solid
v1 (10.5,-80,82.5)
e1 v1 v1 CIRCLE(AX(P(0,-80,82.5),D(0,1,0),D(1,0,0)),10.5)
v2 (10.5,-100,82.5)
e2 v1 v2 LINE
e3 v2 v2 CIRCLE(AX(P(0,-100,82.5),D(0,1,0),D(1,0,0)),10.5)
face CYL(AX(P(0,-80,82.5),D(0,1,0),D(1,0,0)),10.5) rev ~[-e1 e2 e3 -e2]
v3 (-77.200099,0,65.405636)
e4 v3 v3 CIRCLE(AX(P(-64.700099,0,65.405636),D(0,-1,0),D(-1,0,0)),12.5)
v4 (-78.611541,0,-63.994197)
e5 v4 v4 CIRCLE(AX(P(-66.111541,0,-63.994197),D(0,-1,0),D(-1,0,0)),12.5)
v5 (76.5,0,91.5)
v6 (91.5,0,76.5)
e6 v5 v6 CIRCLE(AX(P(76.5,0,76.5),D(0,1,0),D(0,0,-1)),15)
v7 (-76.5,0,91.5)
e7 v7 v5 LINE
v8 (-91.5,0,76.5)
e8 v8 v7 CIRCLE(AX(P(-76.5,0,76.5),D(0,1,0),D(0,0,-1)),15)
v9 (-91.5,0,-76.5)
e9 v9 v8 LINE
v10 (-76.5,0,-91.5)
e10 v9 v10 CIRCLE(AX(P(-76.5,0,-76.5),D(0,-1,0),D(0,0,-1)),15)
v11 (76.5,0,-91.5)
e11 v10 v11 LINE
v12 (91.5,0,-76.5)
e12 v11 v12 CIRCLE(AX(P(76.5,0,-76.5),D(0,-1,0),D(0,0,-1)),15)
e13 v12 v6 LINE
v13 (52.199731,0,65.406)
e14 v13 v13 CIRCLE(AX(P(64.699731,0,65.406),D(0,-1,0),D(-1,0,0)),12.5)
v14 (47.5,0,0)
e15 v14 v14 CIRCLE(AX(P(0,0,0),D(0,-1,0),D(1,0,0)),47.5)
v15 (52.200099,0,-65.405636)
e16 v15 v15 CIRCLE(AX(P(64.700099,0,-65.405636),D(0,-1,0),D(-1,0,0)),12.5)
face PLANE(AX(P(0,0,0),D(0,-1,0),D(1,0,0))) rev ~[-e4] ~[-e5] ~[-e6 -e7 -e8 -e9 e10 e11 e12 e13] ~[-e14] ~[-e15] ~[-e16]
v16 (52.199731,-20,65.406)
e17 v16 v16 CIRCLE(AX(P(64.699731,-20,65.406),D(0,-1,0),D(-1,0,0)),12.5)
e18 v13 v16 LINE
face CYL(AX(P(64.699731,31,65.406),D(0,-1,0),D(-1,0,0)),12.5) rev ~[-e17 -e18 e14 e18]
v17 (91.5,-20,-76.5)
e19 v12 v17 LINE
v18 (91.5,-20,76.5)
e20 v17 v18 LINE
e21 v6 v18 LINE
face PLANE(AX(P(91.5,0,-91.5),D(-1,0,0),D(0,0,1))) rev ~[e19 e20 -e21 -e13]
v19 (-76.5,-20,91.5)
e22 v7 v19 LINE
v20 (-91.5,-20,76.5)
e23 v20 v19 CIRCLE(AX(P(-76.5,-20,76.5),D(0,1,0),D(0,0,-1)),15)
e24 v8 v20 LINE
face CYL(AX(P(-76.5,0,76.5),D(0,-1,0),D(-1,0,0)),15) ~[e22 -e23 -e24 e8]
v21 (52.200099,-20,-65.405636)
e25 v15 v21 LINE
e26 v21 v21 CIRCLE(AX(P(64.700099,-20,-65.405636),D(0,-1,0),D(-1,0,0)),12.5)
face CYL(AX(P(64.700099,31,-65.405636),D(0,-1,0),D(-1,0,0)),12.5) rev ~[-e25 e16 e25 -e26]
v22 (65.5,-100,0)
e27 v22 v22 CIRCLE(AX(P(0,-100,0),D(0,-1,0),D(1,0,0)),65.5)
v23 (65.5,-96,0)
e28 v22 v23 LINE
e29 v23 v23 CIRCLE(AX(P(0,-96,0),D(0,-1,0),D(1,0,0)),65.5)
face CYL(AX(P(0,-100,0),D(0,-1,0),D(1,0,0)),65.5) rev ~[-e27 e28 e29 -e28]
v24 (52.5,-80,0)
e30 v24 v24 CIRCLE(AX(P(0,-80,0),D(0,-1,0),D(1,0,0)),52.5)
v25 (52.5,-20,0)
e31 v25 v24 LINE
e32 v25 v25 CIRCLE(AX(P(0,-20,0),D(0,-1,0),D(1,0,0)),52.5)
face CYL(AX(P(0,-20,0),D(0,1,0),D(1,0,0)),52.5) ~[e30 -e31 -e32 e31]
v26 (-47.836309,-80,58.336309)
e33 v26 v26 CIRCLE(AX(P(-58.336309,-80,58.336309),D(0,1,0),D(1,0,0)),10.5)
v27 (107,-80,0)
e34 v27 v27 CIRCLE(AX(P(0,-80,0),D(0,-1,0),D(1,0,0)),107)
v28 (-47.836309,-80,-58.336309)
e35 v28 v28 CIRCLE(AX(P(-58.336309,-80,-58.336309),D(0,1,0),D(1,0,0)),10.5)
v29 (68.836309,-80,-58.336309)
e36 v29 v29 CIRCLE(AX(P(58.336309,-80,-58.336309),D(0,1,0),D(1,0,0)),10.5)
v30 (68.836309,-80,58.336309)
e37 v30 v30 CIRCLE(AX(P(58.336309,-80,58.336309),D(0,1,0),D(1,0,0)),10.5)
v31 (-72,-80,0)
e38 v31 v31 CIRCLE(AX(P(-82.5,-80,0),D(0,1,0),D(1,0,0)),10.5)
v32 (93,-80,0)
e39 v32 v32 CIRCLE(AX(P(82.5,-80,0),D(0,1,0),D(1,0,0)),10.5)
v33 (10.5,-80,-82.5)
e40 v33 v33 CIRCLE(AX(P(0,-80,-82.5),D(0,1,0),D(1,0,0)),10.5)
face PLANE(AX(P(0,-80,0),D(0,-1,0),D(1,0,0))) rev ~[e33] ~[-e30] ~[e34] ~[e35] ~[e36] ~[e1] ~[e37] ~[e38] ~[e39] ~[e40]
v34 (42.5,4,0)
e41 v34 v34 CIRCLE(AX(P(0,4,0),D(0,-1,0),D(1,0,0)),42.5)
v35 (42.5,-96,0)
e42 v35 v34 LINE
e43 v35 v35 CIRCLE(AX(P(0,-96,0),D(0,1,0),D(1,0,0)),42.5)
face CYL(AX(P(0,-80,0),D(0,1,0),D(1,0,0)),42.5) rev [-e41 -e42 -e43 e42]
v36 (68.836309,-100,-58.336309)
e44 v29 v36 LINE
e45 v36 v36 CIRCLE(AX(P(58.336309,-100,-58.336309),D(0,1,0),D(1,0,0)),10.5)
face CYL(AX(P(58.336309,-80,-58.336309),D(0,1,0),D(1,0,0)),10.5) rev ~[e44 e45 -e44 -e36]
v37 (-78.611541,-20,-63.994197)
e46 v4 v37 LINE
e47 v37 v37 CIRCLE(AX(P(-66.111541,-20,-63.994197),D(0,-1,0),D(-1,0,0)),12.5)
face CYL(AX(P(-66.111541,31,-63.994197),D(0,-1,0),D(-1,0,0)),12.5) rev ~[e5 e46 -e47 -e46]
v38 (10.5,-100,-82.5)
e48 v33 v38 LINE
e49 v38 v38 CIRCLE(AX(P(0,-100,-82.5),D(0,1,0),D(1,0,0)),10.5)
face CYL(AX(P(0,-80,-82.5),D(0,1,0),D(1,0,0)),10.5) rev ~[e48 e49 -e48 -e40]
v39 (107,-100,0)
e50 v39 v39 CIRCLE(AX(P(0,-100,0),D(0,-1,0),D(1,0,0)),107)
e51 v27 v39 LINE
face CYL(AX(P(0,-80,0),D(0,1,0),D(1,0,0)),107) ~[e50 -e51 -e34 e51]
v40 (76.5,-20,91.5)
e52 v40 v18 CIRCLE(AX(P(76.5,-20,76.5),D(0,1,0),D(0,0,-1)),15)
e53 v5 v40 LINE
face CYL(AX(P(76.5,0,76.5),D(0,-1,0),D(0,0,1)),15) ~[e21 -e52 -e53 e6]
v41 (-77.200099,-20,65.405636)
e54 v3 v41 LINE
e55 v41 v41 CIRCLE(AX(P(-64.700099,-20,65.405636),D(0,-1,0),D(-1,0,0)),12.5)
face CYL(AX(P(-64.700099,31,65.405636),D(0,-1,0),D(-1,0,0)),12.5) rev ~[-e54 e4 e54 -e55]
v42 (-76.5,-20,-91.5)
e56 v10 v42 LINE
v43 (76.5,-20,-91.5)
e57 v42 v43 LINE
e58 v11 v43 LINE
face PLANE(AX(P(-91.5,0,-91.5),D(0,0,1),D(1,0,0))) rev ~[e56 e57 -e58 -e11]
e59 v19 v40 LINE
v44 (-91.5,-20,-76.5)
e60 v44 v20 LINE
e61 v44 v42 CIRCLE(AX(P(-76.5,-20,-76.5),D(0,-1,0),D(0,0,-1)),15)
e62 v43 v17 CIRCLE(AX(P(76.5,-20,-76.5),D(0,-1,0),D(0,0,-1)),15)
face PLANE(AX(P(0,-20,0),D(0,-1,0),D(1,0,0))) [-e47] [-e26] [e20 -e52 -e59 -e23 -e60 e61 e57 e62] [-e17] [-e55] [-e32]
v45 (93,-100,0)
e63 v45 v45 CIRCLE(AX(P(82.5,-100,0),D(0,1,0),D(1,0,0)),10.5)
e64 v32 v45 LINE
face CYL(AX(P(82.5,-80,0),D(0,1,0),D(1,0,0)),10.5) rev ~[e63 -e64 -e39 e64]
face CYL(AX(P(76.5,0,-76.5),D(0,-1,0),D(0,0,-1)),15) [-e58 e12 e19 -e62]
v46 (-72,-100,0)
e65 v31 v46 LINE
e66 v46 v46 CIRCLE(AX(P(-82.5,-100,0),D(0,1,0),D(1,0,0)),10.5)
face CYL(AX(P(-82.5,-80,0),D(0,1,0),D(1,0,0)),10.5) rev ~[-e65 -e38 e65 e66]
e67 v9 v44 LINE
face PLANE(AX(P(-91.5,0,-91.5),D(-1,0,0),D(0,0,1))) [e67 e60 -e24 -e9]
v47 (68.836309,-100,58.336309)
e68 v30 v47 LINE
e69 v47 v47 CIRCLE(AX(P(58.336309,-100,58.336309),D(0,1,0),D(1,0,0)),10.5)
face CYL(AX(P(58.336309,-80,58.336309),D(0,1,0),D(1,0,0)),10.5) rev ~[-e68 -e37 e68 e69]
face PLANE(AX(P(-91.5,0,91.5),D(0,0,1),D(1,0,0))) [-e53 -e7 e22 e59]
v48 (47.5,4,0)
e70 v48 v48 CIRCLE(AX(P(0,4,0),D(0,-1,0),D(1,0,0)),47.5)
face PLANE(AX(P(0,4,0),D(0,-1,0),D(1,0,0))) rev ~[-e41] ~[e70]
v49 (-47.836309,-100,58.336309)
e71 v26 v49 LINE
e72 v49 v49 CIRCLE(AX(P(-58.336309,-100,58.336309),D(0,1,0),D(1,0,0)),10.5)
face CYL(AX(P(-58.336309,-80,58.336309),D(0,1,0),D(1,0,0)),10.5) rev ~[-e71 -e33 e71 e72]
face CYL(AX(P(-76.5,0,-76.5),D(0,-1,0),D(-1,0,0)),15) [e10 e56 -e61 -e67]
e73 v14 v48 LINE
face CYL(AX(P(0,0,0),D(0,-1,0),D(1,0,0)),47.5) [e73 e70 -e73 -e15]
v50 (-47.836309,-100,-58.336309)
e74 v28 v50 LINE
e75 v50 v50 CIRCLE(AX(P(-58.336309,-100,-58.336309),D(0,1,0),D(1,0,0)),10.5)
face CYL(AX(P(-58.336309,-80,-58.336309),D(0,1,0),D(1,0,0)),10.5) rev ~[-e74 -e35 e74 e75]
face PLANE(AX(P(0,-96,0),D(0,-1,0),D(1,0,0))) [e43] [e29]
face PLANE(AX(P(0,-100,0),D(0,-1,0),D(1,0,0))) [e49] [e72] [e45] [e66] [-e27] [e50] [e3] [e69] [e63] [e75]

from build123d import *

# Parameters (mm, degrees)
F0_W      = 183
F0_H      = 183
F0_R      = 42.5
F1_DEPTH  = 20
F2_R      = 15
F3_D      = 25
F3_DEPTH  = 31
F3_TIP    = 7.5107577378
F4_R      = 47.5
F4_R_2    = 42.5
F5_DEPTH  = 4
F6_R      = 52.5
F6_R_2    = 42.5
F7_DEPTH  = 60
F8_R      = 107
F8_R_2    = 42.5
F9_DEPTH  = 20
F10_D     = 21
F10_DEPTH = 20
F10_TIP   = 6.3090364998
F11_R     = 65.5
F12_DEPTH = 4


with BuildPart() as f1:
    # F0 (on Front) → F1 (new body)
    with BuildSketch(Plane.XZ):
        Rectangle(F0_W, F0_H)
        Circle(F0_R, mode=Mode.SUBTRACT)
    extrude(amount=F1_DEPTH)

    # F2
    f2_edges = [f1.edges().sort_by_distance(p)[0] for p in [
        (-91.5, -10, 91.5),
        (91.5, -10, 91.5),
        (91.5, -10, -91.5),
        (-91.5, -10, -91.5),
    ]]
    fillet(f2_edges, radius=F2_R)

    # F3
    with Locations(Plane(origin=(0, 0, 0), x_dir=(1, 0, 0), z_dir=(0, 1, 0))):
        with Locations((64.7000986303, 65.4056361274), (64.6997307877, -65.406), (-64.7000986303, -65.4056361274), (-66.1115414671, 63.9941972606)):
            Hole(F3_D / 2, depth=F3_DEPTH)
            with Locations((0, 0, -(F3_DEPTH + F3_TIP / 2))):  # 118° drill point
                Cone(0, F3_D / 2, F3_TIP, mode=Mode.SUBTRACT)

    # F4 (on face) → F5 (join)
    with BuildSketch(Plane.XZ):
        Circle(F4_R)
        Circle(F4_R_2, mode=Mode.SUBTRACT)
    extrude(amount=-F5_DEPTH)

    # F6 (on face) → F7 (join)
    with BuildSketch(Plane.XZ.offset(20)):
        Circle(F6_R)
        Circle(F6_R_2, mode=Mode.SUBTRACT)
    extrude(amount=F7_DEPTH)

    # F8 (on face) → F9 (join)
    with BuildSketch(Plane.XZ.offset(80)):
        Circle(F8_R)
        Circle(F8_R_2, mode=Mode.SUBTRACT)
    extrude(amount=F9_DEPTH)

    # F10 (one way)
    with BuildSketch(Plane(origin=(0, -80, 0), x_dir=(1, 0, 0), z_dir=(0, 1, 0))):
        with Locations((82.5, 0), (58.3363094479, -58.3363094479), (0, -82.5), (-58.3363094479, -58.3363094479), (-82.5, 0), (-58.3363094479, 58.3363094479), (0, 82.5), (58.3363094479, 58.3363094479)):
            Circle(F10_D / 2)
    extrude(amount=-F10_DEPTH, mode=Mode.SUBTRACT)
    with Locations(Plane(origin=(0, -80, 0), x_dir=(1, 0, 0), z_dir=(0, 1, 0))):
        with Locations((82.5, 0), (58.3363094479, -58.3363094479), (0, -82.5), (-58.3363094479, -58.3363094479), (-82.5, 0), (-58.3363094479, 58.3363094479), (0, 82.5), (58.3363094479, 58.3363094479)):
            with Locations((0, 0, -(F10_DEPTH + F10_TIP / 2))):  # 118° drill point
                Cone(0, F10_D / 2, F10_TIP, mode=Mode.SUBTRACT)

    # F11 (on face) → F12 (cut)
    with BuildSketch(Plane.XZ.offset(100)):
        Circle(F11_R)
    extrude(amount=-F12_DEPTH, mode=Mode.SUBTRACT)


solid = f1.part
